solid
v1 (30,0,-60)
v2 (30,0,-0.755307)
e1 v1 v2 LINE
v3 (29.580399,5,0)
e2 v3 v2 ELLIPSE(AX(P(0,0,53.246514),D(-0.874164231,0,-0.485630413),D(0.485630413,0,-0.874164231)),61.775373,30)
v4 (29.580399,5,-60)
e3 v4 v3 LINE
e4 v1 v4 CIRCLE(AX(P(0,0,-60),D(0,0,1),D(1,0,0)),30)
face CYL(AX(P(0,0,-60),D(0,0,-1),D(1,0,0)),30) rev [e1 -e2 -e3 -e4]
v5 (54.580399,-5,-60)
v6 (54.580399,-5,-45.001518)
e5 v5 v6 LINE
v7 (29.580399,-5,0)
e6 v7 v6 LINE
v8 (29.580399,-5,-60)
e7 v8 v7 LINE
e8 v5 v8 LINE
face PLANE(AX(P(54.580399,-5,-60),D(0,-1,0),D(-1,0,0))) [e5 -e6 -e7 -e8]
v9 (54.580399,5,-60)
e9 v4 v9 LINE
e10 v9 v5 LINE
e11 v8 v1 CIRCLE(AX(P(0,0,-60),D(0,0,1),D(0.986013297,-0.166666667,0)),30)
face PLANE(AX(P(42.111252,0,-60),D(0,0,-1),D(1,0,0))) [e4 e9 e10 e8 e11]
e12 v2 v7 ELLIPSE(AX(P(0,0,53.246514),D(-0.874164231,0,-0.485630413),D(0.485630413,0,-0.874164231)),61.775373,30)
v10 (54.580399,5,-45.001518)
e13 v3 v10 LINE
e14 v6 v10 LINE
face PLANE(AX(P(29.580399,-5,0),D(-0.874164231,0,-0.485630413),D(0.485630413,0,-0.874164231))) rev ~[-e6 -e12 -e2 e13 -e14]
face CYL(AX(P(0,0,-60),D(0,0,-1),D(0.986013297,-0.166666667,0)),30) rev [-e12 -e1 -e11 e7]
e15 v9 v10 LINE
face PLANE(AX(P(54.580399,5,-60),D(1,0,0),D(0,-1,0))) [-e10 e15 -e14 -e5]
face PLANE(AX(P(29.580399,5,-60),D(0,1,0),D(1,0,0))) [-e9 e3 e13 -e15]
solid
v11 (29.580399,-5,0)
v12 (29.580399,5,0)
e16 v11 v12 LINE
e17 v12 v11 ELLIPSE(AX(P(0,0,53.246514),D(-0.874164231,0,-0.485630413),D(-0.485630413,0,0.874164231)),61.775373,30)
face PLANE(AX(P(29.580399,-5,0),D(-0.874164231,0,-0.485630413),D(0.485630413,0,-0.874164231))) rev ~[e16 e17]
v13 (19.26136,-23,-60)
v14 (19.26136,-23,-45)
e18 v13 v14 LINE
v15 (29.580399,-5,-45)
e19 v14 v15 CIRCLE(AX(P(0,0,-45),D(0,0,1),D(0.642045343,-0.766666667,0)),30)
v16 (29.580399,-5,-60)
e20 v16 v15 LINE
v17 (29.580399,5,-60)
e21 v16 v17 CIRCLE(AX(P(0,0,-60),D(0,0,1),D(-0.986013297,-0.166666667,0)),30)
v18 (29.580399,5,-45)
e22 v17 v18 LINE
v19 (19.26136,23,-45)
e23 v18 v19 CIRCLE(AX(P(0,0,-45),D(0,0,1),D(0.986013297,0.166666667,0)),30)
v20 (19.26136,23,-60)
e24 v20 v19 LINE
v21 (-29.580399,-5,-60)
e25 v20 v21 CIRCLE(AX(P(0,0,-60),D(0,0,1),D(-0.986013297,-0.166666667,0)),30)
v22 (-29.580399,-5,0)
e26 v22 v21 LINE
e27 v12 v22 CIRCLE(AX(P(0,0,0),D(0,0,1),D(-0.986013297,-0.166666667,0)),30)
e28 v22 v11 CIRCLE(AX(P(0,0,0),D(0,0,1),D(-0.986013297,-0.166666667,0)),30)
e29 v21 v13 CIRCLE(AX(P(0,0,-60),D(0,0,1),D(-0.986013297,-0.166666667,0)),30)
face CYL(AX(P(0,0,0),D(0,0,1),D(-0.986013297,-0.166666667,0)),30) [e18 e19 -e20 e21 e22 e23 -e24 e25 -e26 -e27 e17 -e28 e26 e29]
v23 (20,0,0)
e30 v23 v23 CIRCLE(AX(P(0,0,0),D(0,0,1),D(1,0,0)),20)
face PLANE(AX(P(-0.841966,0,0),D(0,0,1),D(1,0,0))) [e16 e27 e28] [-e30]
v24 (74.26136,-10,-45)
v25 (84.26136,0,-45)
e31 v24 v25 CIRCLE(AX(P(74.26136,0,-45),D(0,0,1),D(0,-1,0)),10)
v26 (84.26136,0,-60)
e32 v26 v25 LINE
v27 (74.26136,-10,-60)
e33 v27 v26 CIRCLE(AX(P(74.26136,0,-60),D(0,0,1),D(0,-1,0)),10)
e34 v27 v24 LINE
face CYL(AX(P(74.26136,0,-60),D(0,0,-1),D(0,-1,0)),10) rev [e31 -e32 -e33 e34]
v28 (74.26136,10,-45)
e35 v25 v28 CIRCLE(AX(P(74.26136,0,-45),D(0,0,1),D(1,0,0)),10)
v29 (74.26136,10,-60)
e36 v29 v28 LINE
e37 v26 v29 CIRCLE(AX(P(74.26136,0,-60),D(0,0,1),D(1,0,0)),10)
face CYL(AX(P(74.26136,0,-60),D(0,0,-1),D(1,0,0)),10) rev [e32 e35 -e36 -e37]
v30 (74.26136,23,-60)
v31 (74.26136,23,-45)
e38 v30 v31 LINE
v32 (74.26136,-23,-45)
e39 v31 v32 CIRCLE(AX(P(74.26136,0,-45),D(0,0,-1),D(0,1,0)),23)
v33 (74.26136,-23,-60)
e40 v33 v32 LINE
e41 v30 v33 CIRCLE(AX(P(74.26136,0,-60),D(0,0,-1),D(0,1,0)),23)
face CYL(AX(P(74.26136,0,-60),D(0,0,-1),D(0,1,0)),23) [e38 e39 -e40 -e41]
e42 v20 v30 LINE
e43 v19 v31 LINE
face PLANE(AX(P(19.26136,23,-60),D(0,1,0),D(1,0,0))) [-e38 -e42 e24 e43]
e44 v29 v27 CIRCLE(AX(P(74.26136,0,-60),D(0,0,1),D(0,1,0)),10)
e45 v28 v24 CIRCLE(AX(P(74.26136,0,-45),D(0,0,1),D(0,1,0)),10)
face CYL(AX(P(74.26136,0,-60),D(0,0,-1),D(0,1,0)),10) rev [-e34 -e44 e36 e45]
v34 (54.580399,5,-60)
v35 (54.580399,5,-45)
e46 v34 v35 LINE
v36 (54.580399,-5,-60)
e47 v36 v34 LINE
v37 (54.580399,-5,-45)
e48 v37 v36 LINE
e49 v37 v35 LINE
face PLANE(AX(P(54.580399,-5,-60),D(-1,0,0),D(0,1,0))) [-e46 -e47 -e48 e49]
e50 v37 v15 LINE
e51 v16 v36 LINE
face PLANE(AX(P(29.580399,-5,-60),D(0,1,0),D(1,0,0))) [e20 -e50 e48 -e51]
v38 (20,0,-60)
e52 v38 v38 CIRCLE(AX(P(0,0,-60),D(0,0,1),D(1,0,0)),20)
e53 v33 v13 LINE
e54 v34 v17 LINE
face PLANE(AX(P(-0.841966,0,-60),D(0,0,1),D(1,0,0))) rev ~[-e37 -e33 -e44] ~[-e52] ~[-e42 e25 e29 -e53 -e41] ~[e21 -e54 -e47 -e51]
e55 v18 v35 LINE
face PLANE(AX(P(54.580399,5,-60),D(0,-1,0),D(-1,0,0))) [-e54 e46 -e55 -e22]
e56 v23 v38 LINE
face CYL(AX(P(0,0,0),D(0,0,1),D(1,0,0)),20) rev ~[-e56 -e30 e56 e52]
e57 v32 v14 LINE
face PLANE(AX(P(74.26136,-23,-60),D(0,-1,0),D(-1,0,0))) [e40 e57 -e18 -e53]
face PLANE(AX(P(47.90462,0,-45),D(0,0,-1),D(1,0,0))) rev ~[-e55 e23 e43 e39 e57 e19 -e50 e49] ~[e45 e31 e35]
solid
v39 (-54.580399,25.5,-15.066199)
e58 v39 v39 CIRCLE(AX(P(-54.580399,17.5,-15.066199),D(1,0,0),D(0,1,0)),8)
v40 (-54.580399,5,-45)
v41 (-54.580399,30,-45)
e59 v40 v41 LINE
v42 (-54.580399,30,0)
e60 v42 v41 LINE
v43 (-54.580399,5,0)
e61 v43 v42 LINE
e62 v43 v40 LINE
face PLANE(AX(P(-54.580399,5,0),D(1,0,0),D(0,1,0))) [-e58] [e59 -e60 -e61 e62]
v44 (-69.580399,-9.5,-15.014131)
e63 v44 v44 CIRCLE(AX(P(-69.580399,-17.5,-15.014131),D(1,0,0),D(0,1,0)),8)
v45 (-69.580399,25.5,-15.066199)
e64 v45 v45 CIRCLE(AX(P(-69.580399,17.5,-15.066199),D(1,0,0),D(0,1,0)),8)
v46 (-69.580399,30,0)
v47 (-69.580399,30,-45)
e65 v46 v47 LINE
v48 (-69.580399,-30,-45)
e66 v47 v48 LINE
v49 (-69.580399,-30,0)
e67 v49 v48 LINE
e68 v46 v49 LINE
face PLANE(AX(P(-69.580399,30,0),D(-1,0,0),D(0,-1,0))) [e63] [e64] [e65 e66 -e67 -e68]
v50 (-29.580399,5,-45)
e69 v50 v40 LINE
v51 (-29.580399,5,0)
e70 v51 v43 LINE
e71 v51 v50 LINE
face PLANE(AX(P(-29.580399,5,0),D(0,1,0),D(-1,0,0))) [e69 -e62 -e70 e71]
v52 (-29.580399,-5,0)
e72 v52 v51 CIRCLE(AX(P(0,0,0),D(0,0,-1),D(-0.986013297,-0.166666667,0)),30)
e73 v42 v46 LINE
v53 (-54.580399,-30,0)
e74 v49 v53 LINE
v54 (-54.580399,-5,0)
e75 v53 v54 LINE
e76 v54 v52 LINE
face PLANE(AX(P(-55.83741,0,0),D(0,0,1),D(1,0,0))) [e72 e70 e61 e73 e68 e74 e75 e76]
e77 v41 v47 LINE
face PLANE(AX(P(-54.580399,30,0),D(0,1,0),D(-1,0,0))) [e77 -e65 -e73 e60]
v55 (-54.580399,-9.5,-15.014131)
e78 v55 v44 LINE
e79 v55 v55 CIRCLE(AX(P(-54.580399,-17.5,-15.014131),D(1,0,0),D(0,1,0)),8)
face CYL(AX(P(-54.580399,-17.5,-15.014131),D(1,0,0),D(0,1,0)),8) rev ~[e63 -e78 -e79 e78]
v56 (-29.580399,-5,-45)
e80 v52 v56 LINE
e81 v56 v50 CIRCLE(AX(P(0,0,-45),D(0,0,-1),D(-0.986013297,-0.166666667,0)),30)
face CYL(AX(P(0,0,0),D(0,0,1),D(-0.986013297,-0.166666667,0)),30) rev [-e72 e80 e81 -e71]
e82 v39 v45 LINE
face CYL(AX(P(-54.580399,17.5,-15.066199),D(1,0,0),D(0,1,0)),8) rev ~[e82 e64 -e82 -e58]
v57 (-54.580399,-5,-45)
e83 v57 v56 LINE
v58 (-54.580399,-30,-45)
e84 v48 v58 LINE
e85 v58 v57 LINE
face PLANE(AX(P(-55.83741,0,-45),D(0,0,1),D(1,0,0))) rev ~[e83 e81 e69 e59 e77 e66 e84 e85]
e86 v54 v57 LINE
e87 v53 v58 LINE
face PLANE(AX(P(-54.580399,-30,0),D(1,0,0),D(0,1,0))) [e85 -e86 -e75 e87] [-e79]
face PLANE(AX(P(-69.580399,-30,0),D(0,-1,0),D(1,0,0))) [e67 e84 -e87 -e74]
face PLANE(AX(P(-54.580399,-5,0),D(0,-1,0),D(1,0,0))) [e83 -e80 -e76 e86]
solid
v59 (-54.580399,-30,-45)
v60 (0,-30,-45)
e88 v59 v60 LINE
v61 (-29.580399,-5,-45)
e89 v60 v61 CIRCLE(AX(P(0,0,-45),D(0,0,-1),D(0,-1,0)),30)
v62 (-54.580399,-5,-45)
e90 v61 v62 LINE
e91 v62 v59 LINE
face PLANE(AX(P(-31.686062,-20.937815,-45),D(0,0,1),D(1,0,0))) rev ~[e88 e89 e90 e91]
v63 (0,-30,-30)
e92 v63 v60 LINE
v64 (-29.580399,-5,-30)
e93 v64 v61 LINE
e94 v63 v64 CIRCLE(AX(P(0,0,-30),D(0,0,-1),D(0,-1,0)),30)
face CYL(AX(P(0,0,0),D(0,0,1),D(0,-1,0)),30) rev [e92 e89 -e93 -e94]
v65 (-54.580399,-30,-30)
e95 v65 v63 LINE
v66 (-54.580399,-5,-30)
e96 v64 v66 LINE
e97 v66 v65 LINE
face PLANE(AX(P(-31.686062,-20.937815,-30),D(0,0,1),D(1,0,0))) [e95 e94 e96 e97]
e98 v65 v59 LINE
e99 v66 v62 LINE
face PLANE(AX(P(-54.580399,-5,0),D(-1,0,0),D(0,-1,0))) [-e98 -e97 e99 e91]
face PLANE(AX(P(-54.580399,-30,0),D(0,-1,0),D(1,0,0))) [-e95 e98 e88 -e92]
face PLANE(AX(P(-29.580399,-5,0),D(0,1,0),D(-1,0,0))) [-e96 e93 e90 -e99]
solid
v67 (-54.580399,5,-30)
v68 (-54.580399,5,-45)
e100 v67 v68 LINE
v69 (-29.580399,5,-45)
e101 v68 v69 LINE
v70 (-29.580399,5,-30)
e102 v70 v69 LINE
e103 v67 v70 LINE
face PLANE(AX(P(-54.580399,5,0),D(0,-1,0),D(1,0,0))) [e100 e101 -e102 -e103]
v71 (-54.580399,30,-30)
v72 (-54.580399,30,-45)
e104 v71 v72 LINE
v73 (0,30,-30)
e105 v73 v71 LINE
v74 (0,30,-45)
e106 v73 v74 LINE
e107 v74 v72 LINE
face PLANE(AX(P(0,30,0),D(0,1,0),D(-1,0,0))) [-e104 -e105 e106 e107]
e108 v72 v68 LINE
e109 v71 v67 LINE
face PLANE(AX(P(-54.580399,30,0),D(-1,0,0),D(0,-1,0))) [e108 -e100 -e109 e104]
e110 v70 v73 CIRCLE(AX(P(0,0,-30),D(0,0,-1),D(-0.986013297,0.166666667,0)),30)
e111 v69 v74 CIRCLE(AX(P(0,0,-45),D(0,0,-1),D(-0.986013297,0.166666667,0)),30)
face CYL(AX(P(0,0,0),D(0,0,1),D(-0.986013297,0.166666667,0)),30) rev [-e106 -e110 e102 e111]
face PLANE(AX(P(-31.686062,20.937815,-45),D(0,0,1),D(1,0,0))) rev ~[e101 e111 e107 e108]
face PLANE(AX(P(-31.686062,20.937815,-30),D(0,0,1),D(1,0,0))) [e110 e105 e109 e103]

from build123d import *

# Parameters (mm, degrees)
F0_R      = 20
F1_DEPTH  = 60
F3_DEPTH  = 45
F4_DEPTH  = 45
F6_DEPTH  = 30
F7_DEPTH  = 30
F8_R      = 8
F9_DEPTH  = 15.001
F11_DEPTH = 15
F12_DEPTH = 60
F14_DEPTH = 10


with BuildPart() as f1:
    # F0 (on Top) → F1 (new body)
    with BuildSketch(Plane.XY):
        with BuildLine():
            ThreePointArc((0, -30), (21.2132034356, -21.2132034356), (30, 0))
            ThreePointArc((30, 0), (21.2132034356, 21.2132034356), (0, 30))
            ThreePointArc((0, 30), (-19.364916731, 22.9128784748), (-29.5803989155, 5))
            ThreePointArc((-29.5803989155, 5), (-30, 0), (-29.5803989155, -5))
            ThreePointArc((-29.5803989155, -5), (-19.364916731, -22.9128784748), (0, -30))
        make_face()
        Circle(F0_R, mode=Mode.SUBTRACT)
    extrude(amount=-F1_DEPTH)

    # F10 (on face) → F11 (join)
    with BuildSketch(Plane(origin=(0, 0, -60), x_dir=(1, 0, 0), z_dir=(0, 0, -1))):
        with BuildLine():
            ThreePointArc((19.2613602843, 23), (26.0265126445, 14.9204771897), (29.5803989155, 5))
            Line((29.5803989155, 5), (54.5803989155, 5))
            Line((54.5803989155, 5), (54.5803989155, -5))
            Line((54.5803989155, -5), (29.5803989155, -5))
            ThreePointArc((29.5803989155, -5), (26.0265126445, -14.9204771897), (19.2613602843, -23))
            Line((19.2613602843, -23), (74.2613602843, -23))
            Line((74.2613602843, -23), (74.2613602843, -10))
            ThreePointArc((74.2613602843, -10), (64.2613602843, 0), (74.2613602843, 10))
            Line((74.2613602843, 10), (74.2613602843, 23))
            Line((74.2613602843, 23), (19.2613602843, 23))
        make_face()
        with BuildLine():
            ThreePointArc((74.2613602843, -23), (97.2613602843, 0), (74.2613602843, 23))
            Line((74.2613602843, 23), (74.2613602843, 10))
            ThreePointArc((74.2613602843, 10), (81.3324280961, 7.0710678119), (84.2613602843, 0))
            ThreePointArc((84.2613602843, 0), (81.3324280961, -7.0710678119), (74.2613602843, -10))
            Line((74.2613602843, -10), (74.2613602843, -23))
        make_face()
    extrude(amount=-F11_DEPTH)


with BuildPart() as f3:
    # F2 (on face) → F3 (new body)
    with BuildSketch(Plane.XY):
        with BuildLine():
            ThreePointArc((-29.5803989155, -5), (-30, 0), (-29.5803989155, 5))
            Line((-29.5803989155, 5), (-54.5803989155, 5))
            Line((-54.5803989155, 5), (-54.5803989155, 30))
            Line((-54.5803989155, 30), (-69.5803989155, 30))
            Line((-69.5803989155, 30), (-69.5803989155, -30))
            Line((-69.5803989155, -30), (-54.5803989155, -30))
            Line((-54.5803989155, -30), (-54.5803989155, -5))
            Line((-54.5803989155, -5), (-29.5803989155, -5))
        make_face()
    extrude(amount=-F3_DEPTH)

    # F8 (on face) → F9 (cut, through all)
    with BuildSketch(Plane.YZ.offset(-54.5803989155)):
        with Locations((-17.5, -15.0141306221)):
            Circle(F8_R)
        with Locations((17.5, -15.0661990047)):
            Circle(F8_R)
    extrude(amount=-F9_DEPTH, mode=Mode.SUBTRACT)


with BuildPart() as f4:
    # F0 (on Top) → F4 (new body)
    with BuildSketch(Plane.XY):
        with BuildLine():
            Line((-54.5803989155, -30), (0, -30))
            ThreePointArc((0, -30), (-19.364916731, -22.9128784748), (-29.5803989155, -5))
            Line((-29.5803989155, -5), (-54.5803989155, -5))
            Line((-54.5803989155, -5), (-54.5803989155, -30))
        make_face()
    extrude(amount=-F4_DEPTH)

    # F5 (on face) → F6 (cut)
    with BuildSketch(Plane.XY):
        with BuildLine():
            Line((-54.5803989155, -30), (0, -30))
            ThreePointArc((0, -30), (-19.364916731, -22.9128784748), (-29.5803989155, -5))
            Line((-29.5803989155, -5), (-54.5803989155, -5))
            Line((-54.5803989155, -5), (-54.5803989155, -30))
        make_face()
    extrude(amount=-F6_DEPTH, mode=Mode.SUBTRACT)


with BuildPart() as f4b:
    # F0 (on Top) → F4, piece 2 (new body)
    with BuildSketch(Plane.XY):
        with BuildLine():
            ThreePointArc((-29.5803989155, 5), (-19.364916731, 22.9128784748), (0, 30))
            Line((0, 30), (-54.5803989155, 30))
            Line((-54.5803989155, 30), (-54.5803989155, 5))
            Line((-54.5803989155, 5), (-29.5803989155, 5))
        make_face()
    extrude(amount=-F4_DEPTH)

    # F7 (cut): a face of the model
    f7_faces = [f4b.faces().sort_by_distance(p)[0] for p in [
        (-37.7554435804, 18.8998422271, 0),
    ]]
    extrude(f7_faces, amount=-F7_DEPTH, mode=Mode.SUBTRACT)


with BuildPart() as f12:
    # F10 (on face) → F12 (new body)
    with BuildSketch(Plane(origin=(0, 0, -60), x_dir=(1, 0, 0), z_dir=(0, 0, -1))):
        with BuildLine():
            Line((54.5803989155, 5), (29.5803989155, 5))
            ThreePointArc((29.5803989155, 5), (29.8949156836, 2.5087878084), (30, 0))
            ThreePointArc((30, 0), (29.8949156836, -2.5087878084), (29.5803989155, -5))
            Line((29.5803989155, -5), (54.5803989155, -5))
            Line((54.5803989155, -5), (54.5803989155, 5))
        make_face()
    extrude(amount=-F12_DEPTH)


with BuildPart() as f14_tool:
    # F13 (on face) → F14 (new body)
    with BuildSketch(Plane.XZ.offset(5)):
        Polygon((54.5803989155, 0), (29.5803989155, 0), (54.5803989155, -45.0015179813), align=None)
    extrude(amount=-F14_DEPTH)


with BuildPart() as f1_1:
    add(f1.part)

    # F14: cut by f14_tool
    add(f14_tool.part, mode=Mode.SUBTRACT)


with BuildPart() as f12_1:
    add(f12.part)

    # F14: cut by f14_tool
    add(f14_tool.part, mode=Mode.SUBTRACT)


solid = Compound([f3.part, f4.part, f4b.part, f1_1.part, f12_1.part])
